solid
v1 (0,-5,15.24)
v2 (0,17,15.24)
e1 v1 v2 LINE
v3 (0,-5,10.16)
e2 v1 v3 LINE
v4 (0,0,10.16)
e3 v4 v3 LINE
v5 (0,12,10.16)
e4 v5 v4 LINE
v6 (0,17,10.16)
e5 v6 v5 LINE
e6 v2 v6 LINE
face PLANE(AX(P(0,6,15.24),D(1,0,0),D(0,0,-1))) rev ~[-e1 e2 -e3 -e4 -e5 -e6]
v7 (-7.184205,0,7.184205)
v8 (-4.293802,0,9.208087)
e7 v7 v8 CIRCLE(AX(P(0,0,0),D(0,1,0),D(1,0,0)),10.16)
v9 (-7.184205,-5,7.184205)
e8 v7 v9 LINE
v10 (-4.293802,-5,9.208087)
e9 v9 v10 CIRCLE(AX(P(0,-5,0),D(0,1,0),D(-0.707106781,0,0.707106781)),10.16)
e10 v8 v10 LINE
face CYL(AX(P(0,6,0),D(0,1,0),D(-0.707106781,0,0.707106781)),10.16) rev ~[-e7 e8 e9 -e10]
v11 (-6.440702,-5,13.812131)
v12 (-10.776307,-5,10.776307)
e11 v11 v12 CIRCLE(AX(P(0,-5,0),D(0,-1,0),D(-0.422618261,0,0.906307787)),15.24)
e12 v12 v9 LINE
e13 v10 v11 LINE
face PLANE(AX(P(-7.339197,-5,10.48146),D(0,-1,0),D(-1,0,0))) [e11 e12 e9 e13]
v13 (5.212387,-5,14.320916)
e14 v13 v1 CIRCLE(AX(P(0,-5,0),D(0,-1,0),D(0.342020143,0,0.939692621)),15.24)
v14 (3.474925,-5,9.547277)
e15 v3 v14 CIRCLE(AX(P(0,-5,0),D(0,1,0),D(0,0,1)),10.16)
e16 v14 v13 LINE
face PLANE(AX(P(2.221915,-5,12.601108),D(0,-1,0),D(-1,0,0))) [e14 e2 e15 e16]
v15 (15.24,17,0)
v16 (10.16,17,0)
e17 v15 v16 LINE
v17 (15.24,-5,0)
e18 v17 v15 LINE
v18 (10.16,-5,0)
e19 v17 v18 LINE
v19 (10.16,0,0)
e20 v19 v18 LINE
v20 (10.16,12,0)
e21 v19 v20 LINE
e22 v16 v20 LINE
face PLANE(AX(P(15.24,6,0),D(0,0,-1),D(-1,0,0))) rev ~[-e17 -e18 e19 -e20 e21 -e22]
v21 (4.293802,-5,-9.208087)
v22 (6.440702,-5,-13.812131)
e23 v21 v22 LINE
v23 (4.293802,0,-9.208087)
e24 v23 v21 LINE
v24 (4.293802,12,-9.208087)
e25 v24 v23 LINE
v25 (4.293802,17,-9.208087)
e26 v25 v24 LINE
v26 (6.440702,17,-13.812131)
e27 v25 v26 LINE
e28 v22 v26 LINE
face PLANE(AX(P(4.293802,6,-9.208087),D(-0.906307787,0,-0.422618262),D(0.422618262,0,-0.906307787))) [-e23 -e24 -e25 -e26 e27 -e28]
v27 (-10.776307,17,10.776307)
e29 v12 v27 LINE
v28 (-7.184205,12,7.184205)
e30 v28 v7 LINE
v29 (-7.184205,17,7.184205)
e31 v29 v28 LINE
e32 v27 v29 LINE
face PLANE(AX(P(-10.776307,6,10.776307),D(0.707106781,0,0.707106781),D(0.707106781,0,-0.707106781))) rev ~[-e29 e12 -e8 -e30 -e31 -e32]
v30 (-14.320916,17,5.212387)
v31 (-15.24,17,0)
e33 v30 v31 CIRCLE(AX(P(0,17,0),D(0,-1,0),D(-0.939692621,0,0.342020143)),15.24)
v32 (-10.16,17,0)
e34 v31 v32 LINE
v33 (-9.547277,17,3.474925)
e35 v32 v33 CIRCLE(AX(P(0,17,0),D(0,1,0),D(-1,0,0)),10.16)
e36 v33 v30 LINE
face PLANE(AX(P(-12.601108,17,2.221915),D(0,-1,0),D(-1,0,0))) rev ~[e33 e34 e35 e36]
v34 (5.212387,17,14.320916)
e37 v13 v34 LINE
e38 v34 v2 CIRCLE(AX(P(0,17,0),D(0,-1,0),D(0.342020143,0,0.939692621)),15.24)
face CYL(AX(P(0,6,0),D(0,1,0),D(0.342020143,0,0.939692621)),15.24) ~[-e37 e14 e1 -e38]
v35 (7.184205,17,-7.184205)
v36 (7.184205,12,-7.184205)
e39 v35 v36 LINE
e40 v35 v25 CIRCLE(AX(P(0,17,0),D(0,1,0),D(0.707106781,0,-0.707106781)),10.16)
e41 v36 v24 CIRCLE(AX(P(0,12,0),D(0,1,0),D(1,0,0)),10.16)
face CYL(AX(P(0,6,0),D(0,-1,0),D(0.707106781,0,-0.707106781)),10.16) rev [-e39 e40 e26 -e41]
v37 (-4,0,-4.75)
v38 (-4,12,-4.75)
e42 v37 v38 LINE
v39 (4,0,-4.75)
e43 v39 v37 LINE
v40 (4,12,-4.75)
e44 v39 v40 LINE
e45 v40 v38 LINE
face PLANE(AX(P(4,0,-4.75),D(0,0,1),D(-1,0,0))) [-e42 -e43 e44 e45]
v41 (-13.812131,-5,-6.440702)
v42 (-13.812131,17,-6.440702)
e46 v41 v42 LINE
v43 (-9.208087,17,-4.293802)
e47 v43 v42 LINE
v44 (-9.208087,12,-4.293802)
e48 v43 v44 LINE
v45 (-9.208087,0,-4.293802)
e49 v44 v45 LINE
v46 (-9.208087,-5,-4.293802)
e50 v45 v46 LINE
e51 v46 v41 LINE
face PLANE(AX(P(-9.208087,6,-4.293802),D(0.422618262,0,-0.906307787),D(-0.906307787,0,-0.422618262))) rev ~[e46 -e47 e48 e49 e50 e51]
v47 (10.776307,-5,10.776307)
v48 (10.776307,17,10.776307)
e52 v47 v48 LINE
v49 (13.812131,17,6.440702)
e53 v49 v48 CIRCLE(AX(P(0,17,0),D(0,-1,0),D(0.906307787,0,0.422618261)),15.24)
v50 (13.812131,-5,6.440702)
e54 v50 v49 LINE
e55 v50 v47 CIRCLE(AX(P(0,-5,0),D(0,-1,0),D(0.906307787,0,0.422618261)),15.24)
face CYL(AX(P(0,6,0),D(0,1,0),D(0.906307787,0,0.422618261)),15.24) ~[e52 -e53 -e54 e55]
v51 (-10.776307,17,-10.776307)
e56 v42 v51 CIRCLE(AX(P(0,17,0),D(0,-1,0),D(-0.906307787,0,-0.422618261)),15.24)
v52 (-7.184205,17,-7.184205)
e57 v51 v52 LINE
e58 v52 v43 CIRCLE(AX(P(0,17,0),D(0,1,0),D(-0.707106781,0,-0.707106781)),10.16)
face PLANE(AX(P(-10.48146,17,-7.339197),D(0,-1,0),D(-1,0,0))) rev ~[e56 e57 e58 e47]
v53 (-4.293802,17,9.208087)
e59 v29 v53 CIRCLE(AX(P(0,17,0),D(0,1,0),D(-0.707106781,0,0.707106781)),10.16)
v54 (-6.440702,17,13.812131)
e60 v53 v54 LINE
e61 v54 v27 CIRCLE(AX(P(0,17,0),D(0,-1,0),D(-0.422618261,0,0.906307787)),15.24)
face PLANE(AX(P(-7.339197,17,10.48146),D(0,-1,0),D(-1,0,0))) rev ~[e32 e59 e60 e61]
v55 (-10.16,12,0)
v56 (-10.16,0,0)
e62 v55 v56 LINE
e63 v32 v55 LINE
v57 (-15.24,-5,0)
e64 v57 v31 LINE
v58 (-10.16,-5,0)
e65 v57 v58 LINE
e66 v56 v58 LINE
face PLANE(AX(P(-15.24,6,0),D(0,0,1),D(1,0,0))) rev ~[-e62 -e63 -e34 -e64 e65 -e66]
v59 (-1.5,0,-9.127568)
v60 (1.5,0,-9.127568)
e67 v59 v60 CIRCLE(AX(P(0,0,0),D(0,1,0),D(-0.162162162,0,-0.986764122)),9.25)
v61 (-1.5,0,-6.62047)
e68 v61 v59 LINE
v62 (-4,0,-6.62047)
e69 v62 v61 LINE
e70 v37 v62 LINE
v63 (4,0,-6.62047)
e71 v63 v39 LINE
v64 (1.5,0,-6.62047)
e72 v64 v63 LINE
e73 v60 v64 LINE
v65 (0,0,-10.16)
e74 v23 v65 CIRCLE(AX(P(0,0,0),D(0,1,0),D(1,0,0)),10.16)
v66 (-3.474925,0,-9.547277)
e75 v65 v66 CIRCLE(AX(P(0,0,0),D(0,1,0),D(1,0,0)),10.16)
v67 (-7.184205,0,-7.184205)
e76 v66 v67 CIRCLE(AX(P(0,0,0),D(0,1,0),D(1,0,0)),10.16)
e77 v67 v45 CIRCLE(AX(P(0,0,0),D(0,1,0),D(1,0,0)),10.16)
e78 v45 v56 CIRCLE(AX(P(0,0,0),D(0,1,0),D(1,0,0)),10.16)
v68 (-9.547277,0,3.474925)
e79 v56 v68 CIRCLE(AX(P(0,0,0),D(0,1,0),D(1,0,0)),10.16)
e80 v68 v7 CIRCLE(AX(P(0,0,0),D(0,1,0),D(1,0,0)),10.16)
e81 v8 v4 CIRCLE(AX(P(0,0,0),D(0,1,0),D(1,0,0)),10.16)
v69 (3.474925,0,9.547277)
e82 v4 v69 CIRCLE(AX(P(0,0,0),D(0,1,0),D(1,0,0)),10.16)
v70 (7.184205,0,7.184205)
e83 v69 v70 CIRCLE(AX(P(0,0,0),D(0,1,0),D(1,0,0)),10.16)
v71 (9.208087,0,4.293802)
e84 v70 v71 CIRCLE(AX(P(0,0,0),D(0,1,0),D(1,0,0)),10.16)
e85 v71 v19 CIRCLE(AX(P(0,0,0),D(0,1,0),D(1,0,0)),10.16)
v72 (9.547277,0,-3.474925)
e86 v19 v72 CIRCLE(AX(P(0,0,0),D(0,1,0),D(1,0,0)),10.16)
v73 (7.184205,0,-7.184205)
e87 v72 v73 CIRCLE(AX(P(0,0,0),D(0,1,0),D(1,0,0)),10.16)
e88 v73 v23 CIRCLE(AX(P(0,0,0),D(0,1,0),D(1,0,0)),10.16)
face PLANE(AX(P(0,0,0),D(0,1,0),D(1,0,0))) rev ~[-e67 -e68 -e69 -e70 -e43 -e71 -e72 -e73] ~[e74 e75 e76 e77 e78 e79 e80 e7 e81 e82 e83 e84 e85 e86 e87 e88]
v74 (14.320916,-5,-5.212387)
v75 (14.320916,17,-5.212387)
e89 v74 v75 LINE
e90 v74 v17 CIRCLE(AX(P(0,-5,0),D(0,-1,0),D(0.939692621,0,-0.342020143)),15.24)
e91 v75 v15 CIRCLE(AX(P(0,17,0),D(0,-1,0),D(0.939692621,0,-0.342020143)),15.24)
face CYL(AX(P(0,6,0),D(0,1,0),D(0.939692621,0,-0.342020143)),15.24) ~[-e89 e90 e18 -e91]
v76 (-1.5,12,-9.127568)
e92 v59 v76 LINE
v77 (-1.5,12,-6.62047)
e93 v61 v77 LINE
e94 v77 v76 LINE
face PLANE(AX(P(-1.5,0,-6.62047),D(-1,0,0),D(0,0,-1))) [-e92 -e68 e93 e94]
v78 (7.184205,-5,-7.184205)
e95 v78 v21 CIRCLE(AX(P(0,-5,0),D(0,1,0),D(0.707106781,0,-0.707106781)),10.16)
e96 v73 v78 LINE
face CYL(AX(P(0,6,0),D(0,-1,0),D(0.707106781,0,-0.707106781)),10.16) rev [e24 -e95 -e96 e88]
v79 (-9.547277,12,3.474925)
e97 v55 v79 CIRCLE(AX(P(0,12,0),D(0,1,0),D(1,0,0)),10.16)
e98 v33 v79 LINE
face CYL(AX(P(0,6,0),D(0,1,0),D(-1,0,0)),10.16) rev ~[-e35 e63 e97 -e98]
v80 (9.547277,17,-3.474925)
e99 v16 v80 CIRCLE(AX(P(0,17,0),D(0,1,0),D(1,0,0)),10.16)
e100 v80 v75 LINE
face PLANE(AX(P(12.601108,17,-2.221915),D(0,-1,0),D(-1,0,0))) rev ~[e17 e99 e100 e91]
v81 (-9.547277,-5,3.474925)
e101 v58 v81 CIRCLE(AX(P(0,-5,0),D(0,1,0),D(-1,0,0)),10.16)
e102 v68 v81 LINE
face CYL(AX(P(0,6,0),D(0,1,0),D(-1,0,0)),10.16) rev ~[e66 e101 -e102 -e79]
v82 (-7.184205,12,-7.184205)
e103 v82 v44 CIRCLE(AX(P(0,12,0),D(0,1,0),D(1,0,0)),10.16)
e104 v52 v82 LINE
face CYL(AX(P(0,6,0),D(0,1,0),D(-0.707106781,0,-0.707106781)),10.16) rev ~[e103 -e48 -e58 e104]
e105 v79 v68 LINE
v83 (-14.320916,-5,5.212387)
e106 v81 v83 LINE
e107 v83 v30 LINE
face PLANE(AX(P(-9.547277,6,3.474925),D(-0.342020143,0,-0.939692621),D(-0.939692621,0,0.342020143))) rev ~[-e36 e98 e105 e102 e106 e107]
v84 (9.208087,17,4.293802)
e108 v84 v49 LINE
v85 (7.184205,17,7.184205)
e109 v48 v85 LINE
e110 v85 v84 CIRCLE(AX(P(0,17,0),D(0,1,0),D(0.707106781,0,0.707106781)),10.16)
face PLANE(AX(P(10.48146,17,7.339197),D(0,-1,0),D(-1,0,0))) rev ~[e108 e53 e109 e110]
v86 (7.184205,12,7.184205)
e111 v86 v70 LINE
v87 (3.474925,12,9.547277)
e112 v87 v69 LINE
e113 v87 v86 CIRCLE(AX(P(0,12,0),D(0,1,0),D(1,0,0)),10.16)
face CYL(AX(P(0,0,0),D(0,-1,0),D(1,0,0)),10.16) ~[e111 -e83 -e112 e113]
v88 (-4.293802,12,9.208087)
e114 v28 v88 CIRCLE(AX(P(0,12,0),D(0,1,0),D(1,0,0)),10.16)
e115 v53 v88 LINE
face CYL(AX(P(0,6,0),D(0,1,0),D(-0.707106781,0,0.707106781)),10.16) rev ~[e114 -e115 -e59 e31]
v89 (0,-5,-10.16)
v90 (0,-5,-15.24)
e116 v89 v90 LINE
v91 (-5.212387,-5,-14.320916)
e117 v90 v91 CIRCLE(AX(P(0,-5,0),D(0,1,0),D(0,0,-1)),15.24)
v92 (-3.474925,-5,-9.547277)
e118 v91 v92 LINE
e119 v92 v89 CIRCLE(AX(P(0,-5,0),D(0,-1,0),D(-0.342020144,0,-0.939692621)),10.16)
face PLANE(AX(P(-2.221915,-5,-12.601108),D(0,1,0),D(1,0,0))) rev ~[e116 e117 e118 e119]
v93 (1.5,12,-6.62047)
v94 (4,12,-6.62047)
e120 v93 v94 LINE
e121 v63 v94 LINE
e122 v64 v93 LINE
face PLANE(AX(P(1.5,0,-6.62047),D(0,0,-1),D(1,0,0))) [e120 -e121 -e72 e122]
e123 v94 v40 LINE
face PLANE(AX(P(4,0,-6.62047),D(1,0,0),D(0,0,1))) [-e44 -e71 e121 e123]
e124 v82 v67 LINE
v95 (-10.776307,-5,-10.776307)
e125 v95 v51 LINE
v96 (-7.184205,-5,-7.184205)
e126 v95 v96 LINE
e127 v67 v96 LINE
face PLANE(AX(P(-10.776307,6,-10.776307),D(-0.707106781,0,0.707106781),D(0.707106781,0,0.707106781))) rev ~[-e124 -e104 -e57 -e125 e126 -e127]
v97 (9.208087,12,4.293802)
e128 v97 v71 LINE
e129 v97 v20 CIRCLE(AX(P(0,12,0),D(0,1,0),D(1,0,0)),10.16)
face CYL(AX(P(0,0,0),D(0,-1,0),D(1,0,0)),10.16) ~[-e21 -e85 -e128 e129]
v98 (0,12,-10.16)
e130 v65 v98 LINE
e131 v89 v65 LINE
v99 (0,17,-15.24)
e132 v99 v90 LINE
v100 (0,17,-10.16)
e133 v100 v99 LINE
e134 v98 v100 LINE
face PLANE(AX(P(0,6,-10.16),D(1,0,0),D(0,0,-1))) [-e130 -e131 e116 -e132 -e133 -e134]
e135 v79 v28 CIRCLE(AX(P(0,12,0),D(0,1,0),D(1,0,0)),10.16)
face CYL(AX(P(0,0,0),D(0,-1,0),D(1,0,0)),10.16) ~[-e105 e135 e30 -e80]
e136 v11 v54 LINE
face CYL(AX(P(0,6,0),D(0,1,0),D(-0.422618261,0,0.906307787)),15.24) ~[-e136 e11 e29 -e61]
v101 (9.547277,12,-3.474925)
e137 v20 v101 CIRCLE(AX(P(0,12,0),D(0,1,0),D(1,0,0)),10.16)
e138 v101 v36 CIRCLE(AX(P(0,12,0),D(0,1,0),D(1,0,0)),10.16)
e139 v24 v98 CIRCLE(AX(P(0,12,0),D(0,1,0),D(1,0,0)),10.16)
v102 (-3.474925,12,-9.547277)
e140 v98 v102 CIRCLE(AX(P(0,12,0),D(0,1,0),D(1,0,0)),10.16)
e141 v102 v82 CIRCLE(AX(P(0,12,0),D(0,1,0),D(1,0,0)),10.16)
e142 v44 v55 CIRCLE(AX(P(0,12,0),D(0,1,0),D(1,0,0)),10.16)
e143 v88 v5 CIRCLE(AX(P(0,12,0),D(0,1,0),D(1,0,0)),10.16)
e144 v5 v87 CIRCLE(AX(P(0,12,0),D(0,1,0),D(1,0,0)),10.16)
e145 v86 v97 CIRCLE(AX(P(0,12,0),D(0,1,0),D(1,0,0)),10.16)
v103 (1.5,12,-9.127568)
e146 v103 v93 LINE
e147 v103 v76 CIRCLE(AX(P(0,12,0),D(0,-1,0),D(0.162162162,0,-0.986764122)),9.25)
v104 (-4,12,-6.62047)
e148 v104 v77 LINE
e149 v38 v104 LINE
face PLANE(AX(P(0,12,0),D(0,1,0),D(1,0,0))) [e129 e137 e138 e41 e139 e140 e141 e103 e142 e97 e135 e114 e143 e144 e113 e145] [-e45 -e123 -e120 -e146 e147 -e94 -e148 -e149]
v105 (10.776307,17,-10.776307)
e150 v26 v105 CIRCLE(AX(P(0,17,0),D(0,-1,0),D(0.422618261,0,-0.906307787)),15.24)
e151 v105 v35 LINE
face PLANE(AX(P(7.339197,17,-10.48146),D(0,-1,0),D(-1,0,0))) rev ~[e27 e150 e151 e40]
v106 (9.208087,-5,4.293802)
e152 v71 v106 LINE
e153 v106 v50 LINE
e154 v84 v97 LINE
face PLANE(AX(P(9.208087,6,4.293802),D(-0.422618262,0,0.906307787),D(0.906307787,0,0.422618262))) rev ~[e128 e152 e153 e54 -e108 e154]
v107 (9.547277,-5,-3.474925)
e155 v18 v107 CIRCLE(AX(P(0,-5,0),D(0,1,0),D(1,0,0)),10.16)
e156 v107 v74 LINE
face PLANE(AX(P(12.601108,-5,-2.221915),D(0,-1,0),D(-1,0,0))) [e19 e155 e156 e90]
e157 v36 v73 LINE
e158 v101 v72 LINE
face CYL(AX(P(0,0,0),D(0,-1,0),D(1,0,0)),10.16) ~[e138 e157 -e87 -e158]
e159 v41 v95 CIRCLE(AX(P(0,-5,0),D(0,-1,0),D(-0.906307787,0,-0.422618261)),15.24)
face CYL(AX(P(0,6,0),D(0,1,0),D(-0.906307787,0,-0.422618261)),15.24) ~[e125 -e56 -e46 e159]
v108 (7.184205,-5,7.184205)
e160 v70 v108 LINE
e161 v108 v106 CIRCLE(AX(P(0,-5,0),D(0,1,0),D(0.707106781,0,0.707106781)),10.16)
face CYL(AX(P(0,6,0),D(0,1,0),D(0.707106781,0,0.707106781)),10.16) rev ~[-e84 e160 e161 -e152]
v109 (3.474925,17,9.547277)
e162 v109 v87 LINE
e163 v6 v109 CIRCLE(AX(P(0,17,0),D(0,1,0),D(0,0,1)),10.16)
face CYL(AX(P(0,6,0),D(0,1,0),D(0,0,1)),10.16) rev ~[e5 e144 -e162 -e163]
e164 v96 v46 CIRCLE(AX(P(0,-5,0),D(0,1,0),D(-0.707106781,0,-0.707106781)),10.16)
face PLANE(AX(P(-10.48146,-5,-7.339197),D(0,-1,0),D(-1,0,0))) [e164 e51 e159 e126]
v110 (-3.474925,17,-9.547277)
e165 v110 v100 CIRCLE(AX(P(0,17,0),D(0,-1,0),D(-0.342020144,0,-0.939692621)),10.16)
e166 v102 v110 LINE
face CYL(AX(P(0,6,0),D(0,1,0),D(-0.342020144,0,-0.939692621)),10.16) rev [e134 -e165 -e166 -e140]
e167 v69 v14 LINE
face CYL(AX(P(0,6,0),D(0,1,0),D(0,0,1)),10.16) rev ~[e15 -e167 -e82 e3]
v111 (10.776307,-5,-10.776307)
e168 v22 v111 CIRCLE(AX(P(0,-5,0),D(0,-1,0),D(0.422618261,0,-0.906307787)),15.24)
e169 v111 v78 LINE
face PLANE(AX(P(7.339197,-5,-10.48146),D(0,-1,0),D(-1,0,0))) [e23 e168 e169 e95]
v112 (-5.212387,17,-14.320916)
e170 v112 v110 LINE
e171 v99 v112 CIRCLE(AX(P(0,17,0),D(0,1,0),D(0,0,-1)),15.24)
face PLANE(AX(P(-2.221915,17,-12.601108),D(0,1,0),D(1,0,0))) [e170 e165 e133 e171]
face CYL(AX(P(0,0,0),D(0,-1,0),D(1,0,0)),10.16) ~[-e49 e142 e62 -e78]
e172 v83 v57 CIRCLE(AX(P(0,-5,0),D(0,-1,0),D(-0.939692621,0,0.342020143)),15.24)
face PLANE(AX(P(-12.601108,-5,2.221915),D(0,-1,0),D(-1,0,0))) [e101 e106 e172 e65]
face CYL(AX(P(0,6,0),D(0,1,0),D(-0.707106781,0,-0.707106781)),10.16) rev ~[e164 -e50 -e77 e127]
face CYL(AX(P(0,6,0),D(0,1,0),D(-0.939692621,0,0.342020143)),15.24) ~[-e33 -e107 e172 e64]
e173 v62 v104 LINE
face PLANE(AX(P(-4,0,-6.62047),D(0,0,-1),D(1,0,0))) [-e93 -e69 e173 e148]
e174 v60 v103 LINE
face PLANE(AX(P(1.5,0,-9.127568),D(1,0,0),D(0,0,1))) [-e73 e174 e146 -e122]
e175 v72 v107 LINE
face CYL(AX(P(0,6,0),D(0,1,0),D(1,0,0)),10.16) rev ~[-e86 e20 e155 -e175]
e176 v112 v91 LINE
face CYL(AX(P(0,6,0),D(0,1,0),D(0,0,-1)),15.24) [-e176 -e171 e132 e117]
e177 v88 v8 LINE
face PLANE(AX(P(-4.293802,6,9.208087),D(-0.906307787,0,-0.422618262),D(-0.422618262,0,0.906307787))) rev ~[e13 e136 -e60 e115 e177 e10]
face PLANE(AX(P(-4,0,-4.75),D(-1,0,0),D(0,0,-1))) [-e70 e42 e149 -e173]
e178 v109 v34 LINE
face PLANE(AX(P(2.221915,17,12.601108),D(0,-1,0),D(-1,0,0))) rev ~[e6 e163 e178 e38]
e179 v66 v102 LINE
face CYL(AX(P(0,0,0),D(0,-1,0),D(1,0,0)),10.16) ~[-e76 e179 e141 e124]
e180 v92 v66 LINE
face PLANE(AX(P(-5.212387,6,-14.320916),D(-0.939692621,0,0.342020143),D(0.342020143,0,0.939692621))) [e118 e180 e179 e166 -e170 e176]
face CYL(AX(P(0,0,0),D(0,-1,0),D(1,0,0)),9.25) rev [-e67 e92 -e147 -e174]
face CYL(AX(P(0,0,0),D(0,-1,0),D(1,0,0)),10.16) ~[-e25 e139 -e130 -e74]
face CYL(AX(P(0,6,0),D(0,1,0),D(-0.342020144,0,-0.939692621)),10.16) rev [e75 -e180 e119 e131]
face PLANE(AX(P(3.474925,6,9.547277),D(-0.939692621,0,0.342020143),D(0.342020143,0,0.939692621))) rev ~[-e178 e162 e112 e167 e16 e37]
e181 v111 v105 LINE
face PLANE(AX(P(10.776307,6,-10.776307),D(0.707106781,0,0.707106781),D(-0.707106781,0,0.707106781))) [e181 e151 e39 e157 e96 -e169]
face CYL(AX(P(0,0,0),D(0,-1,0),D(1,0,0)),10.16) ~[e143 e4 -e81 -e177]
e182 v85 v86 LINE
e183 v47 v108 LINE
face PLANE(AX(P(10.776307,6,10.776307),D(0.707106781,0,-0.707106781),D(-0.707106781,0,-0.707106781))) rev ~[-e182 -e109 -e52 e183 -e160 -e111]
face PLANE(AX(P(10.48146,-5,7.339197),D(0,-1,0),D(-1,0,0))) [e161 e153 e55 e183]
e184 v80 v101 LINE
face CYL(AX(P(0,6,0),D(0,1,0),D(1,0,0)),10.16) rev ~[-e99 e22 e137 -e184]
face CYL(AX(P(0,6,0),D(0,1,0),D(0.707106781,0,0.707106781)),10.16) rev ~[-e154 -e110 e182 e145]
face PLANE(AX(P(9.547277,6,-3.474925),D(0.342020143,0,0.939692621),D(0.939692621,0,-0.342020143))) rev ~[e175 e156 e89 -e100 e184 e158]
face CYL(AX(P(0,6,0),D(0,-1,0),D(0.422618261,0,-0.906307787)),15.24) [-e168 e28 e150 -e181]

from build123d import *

# Parameters (mm, degrees)
SKETCH1_R           = 10.16
SKETCH1_R_2         = 9.25
BOSS_EXTRUDE1_DEPTH = 12
BOSS_EXTRUDE3_DEPTH = 11
BOSS_EXTRUDE4_DEPTH = 12


with BuildPart() as part:
    # Sketch1 → Boss-Extrude1 (new body)
    with BuildSketch(Plane(origin=(0, 0, 0), x_dir=(1, 0, 0), z_dir=(0, 1, 0))):
        Circle(SKETCH1_R)
        Circle(SKETCH1_R_2, mode=Mode.SUBTRACT)
    extrude(amount=BOSS_EXTRUDE1_DEPTH)

    # Sketch3 → Boss-Extrude3 (add, symmetric)
    with BuildSketch(Plane(origin=(0, 6, 0), x_dir=(-1, 0, 0), z_dir=(0, -1, 0))):
        with BuildLine():
            Line((5.212386984, 14.320915541), (3.474924656, 9.547277027))
            ThreePointArc((3.474924656, 9.547277027), (1.764265485, 10.005646771), (0, 10.16))
            Line((0, 10.16), (0, 15.24))
            ThreePointArc((0, 15.24), (2.646398228, 15.008470156), (5.212386984, 14.320915541))
        make_face()
        with BuildLine():
            Line((10.776307345, 10.776307345), (7.184204897, 7.184204897))
            ThreePointArc((7.184204897, 7.184204897), (8.32258477, 5.827536593), (9.208087116, 4.293801539))
            Line((9.208087116, 4.293801539), (13.812130674, 6.440702309))
            ThreePointArc((13.812130674, 6.440702309), (12.483877155, 8.74130489), (10.776307345, 10.776307345))
        make_face()
        with BuildLine():
            Line((15.24, 0), (10.16, 0))
            ThreePointArc((10.16, 0), (10.005646771, -1.764265485), (9.547277027, -3.474924656))
            Line((9.547277027, -3.474924656), (14.320915541, -5.212386984))
            ThreePointArc((14.320915541, -5.212386984), (15.008470156, -2.646398228), (15.24, 0))
        make_face()
        with BuildLine():
            Line((10.776307345, -10.776307345), (7.184204897, -7.184204897))
            ThreePointArc((7.184204897, -7.184204897), (5.827536593, -8.32258477), (4.293801539, -9.208087116))
            Line((4.293801539, -9.208087116), (6.440702309, -13.812130674))
            ThreePointArc((6.440702309, -13.812130674), (8.74130489, -12.483877155), (10.776307345, -10.776307345))
        make_face()
        with BuildLine():
            Line((0, -15.24), (0, -10.16))
            ThreePointArc((0, -10.16), (-1.764265485, -10.005646771), (-3.474924656, -9.547277027))
            Line((-3.474924656, -9.547277027), (-5.212386984, -14.320915541))
            ThreePointArc((-5.212386984, -14.320915541), (-2.646398228, -15.008470156), (0, -15.24))
        make_face()
        with BuildLine():
            Line((-10.776307345, -10.776307345), (-7.184204897, -7.184204897))
            ThreePointArc((-7.184204897, -7.184204897), (-8.32258477, -5.827536593), (-9.208087116, -4.293801539))
            Line((-9.208087116, -4.293801539), (-13.812130674, -6.440702309))
            ThreePointArc((-13.812130674, -6.440702309), (-12.483877155, -8.74130489), (-10.776307345, -10.776307345))
        make_face()
        with BuildLine():
            Line((-15.24, 0), (-10.16, 0))
            ThreePointArc((-10.16, 0), (-10.005646771, 1.764265485), (-9.547277027, 3.474924656))
            Line((-9.547277027, 3.474924656), (-14.320915541, 5.212386984))
            ThreePointArc((-14.320915541, 5.212386984), (-15.008470156, 2.646398228), (-15.24, 0))
        make_face()
        with BuildLine():
            Line((-10.776307345, 10.776307345), (-7.184204897, 7.184204897))
            ThreePointArc((-7.184204897, 7.184204897), (-5.827536593, 8.32258477), (-4.293801539, 9.208087116))
            Line((-4.293801539, 9.208087116), (-6.440702309, 13.812130674))
            ThreePointArc((-6.440702309, 13.812130674), (-8.74130489, 12.483877155), (-10.776307345, 10.776307345))
        make_face()
    extrude(amount=BOSS_EXTRUDE3_DEPTH, both=True)

    # Sketch4 → Boss-Extrude4 (add)
    with BuildSketch(Plane.XZ):
        with BuildLine():
            Line((-4, -4.75), (-4, -6.620469825))
            Line((-4, -6.620469825), (-1.5, -6.620469825))
            Line((-1.5, -6.620469825), (-1.5, -8.620469825))
            Line((-1.5, -8.620469825), (-1.5, -9.127568132))
            ThreePointArc((-1.5, -9.127568132), (0, -9.25), (1.5, -9.127568132))
            Line((1.5, -9.127568132), (1.5, -8.620469825))
            Line((1.5, -8.620469825), (1.5, -6.620469825))
            Line((1.5, -6.620469825), (4, -6.620469825))
            Line((4, -6.620469825), (4, -4.75))
            Line((4, -4.75), (-4, -4.75))
        make_face()
    extrude(amount=-BOSS_EXTRUDE4_DEPTH)


solid = part.part
